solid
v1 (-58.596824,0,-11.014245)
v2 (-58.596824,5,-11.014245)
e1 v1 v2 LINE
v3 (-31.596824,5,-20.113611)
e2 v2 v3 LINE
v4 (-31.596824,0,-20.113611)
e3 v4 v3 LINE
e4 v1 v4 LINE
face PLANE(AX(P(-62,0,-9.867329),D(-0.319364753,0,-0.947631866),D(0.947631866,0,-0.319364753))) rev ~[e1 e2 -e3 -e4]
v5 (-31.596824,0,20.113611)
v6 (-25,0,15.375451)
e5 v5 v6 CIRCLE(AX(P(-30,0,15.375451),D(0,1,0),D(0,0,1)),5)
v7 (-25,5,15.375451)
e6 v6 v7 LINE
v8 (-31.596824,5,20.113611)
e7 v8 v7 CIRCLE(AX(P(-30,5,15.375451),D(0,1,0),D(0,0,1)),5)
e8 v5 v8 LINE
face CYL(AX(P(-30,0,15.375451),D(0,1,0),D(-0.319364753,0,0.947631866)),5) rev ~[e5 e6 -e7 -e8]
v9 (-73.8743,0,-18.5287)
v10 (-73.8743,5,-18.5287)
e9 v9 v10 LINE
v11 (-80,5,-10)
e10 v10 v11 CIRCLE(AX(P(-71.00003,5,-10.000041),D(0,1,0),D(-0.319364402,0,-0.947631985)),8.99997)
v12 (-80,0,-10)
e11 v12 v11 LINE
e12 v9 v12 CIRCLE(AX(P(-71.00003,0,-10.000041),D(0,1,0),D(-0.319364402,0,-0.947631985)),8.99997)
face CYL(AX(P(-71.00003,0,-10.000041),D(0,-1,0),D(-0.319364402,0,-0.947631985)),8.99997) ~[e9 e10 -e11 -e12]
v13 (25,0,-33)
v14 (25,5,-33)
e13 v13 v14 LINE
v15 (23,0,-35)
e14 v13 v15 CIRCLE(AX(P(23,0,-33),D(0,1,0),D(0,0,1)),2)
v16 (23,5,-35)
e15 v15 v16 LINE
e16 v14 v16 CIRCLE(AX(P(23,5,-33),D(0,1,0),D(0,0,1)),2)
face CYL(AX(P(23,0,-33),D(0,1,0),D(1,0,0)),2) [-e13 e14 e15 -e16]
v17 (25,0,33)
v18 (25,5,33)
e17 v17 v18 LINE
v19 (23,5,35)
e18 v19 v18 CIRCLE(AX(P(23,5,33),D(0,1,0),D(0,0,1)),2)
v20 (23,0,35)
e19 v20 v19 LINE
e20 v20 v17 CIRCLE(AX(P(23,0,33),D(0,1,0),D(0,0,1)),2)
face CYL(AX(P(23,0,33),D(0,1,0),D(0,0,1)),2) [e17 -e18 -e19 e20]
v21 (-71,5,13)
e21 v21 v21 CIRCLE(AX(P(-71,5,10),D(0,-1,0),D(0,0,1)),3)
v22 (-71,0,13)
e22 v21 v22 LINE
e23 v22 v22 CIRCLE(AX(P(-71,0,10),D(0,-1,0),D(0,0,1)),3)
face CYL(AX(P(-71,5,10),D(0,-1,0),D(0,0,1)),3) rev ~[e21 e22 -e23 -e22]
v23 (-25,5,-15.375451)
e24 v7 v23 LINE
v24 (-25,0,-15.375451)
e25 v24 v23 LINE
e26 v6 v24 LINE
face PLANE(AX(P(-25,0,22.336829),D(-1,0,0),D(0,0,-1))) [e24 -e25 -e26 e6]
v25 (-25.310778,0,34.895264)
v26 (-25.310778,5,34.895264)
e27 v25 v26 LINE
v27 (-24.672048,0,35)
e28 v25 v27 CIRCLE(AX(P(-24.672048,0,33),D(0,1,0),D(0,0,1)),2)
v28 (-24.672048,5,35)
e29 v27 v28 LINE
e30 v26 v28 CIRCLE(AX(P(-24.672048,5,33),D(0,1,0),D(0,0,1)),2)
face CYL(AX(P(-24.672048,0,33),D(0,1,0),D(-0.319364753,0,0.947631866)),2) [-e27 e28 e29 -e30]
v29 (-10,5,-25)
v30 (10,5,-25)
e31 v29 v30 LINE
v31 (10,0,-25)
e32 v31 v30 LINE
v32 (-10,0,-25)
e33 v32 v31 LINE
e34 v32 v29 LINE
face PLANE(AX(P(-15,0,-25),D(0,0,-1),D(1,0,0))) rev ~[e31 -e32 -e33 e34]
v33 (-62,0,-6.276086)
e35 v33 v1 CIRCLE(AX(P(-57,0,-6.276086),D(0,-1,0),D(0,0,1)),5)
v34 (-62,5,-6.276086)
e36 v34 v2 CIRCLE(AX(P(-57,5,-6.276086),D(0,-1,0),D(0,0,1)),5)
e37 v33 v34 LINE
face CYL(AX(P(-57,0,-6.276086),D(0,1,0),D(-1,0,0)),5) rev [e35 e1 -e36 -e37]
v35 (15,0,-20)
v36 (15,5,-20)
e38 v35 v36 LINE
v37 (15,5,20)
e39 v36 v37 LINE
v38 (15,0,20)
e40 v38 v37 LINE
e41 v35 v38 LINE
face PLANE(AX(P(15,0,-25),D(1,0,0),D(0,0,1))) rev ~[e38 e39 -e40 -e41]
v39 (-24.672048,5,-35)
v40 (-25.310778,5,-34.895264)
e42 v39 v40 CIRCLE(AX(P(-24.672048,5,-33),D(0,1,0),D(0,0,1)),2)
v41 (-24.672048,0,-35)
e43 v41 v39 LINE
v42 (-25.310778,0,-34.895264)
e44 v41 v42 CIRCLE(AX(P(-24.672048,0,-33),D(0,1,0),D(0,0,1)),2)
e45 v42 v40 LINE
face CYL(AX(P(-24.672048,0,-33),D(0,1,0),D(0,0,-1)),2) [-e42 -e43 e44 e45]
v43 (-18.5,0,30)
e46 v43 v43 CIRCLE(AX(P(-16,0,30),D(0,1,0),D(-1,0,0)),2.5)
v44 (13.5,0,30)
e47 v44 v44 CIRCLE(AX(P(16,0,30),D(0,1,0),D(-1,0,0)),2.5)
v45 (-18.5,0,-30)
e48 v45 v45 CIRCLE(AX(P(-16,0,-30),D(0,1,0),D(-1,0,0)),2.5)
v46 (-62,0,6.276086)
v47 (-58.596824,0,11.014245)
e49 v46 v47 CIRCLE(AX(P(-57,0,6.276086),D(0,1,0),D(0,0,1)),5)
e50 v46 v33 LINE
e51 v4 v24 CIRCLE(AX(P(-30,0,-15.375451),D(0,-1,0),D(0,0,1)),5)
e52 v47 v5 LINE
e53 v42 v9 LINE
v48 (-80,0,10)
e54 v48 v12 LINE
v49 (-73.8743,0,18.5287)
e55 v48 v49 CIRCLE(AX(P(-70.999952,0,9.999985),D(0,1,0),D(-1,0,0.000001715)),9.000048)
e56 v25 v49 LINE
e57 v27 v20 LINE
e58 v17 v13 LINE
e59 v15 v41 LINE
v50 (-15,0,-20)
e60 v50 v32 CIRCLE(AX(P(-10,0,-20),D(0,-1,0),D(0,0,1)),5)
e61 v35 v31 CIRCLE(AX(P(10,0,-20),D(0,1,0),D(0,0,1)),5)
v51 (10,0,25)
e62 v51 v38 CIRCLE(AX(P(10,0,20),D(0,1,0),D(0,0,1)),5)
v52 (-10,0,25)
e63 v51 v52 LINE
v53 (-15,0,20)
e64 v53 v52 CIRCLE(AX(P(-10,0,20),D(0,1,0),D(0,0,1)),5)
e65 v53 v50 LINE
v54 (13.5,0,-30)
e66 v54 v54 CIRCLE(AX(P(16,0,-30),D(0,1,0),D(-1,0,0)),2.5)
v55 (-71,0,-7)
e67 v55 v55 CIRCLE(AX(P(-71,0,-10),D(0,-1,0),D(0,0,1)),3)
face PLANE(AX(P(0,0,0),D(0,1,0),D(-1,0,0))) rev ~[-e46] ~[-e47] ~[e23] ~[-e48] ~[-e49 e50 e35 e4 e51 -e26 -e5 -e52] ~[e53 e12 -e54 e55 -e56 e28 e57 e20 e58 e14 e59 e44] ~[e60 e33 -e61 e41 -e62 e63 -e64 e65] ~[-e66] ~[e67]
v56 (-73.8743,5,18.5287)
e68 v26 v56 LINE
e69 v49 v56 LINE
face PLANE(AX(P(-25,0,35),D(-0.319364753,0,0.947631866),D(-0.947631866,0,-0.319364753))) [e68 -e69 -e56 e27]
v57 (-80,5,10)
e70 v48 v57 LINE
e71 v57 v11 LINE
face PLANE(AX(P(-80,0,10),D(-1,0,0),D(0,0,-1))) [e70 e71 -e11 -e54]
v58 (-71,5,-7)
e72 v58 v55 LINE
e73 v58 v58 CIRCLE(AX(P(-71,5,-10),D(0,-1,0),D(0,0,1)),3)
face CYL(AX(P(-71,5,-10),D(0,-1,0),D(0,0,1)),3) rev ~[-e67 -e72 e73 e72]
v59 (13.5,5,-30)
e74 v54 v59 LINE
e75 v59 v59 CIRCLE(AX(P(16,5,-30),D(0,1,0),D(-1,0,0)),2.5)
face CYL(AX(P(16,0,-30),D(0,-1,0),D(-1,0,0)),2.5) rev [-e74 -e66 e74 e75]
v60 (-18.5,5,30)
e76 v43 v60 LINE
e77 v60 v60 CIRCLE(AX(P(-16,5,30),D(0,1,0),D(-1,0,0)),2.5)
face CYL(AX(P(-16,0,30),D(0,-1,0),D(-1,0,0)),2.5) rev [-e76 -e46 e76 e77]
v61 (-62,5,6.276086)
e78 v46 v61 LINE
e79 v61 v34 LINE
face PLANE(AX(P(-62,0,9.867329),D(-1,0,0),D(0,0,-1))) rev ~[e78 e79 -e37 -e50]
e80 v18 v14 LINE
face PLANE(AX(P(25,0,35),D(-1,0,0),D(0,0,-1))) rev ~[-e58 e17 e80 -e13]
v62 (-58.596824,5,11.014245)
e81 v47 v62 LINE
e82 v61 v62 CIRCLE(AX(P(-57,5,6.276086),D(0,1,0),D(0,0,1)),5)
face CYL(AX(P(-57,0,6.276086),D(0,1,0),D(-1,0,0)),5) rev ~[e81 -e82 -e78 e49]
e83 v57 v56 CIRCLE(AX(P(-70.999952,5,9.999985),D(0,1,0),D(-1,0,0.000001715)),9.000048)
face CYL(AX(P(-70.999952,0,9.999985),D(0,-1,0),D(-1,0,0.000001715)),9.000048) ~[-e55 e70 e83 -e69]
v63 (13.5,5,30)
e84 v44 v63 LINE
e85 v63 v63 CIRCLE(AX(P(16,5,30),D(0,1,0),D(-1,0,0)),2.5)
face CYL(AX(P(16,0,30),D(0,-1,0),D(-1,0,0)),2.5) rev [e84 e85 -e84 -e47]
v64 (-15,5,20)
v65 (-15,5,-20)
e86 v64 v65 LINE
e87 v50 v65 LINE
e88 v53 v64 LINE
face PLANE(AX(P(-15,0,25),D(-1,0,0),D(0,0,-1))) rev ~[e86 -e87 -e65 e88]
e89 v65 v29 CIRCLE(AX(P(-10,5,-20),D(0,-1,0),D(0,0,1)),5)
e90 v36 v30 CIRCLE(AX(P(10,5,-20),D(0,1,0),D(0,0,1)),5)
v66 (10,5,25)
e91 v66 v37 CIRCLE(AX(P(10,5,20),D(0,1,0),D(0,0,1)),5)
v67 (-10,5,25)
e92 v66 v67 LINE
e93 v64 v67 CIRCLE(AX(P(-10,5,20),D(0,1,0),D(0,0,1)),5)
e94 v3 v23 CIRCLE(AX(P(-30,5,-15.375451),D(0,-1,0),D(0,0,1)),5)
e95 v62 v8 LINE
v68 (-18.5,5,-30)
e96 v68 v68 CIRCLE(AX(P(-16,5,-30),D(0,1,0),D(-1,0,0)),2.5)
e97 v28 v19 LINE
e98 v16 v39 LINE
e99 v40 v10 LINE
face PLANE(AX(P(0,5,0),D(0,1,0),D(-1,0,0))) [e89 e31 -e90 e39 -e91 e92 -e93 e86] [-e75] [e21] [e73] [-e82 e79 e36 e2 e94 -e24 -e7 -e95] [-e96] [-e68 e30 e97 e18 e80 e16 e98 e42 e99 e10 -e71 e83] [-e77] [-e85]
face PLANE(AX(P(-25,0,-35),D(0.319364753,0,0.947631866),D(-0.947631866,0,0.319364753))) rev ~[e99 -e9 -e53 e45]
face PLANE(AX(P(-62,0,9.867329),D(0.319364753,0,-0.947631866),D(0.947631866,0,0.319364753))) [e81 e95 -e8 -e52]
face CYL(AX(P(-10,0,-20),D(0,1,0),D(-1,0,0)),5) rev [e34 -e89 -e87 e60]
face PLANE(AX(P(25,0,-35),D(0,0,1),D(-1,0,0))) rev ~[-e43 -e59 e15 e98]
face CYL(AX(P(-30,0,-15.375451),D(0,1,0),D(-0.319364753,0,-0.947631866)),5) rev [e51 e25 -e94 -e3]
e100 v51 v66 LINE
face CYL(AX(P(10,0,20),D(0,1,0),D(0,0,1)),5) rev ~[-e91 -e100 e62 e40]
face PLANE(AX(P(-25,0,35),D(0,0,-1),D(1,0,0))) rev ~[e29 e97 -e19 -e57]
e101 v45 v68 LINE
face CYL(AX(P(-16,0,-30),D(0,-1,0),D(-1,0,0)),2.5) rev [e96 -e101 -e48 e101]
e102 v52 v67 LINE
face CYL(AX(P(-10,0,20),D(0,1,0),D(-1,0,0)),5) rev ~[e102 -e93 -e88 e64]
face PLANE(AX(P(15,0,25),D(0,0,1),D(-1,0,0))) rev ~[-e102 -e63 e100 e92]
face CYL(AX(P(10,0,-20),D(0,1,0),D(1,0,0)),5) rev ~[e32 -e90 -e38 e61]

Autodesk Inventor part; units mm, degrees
ref_plane "YZ Plane" through (0, 0, 0) normal (1, 0, 0) x (0, 1, 0)
ref_plane "XZ Plane" through (0, 0, 0) normal (0, 1, 0) x (-1, 0, 0)
ref_plane "XY Plane" through (0, 0, 0) normal (0, 0, 1) x (1, 0, 0)
sketch "Sketch1" plane through (0, 0, 0) normal (0, 1, 0) x (-1, 0, 0)
  circle A0 centre (0, 262.5) radius 3 construction
  circle A1 centre (0, -262.5) radius 3 construction
  line L0 (-25, -300) -> (25, -300) construction
  line L1 (25, -300) -> (25, 300) construction
  line L2 (-25, 300) -> (25, 300) construction
  line L3 (-25, -300) -> (-25, 300) construction
  circle A2 centre (71, 10) radius 3 projected
  circle A3 centre (71, -10) radius 3 projected
  arc A4 (5.8119, -39.1259) -> (-27.7565, -64.4201) centre (-3.9972, -61.0298) ccw construction
  arc A5 (-27.7597, 64.3976) -> (5.8116, 39.1072) centre (-4, 61.01) ccw construction
  line L4 (71, 10) -> (71, -10) construction
  circle A6 centre (71, -10) radius 9 construction
  circle A7 centre (71, 10) radius 9 construction
  line L5 (80, 10) -> (80, -10)
  line L6 (25, 35) -> (73.8743, 18.5287)
  line L7 (25, 35) -> (-25, 35)
  line L8 (-25, 35) -> (-25, -35)
  line L9 (-25, -35) -> (25, -35)
  line L10 (25, -35) -> (25, 35) construction
  line L11 (25, 35) -> (-25, -35) construction
  line L12 (-25, 35) -> (25, -35) construction
  line L13 (25, -35) -> (73.8743, -18.5287)
  arc A8 (80, 10) -> (73.8743, 18.5287) centre (71, 10) ccw
  arc A9 (73.8743, -18.5287) -> (80, -10) centre (71, -10) ccw
  line L14 (25, 35) -> (25, -35)
  line L15 (15, -25) -> (-15, -25)
  line L16 (-15, -25) -> (-15, 25)
  line L17 (-15, 25) -> (15, 25)
  line L18 (15, 25) -> (15, -25)
  line L19 (25, 35) -> (73.8743, 18.5287)
  line L20 (73.8743, 18.5287) -> (70.0419, 7.1571)
  line L21 (70.0419, 7.1571) -> (21.1676, 23.6284)
  line L22 (21.1676, 23.6284) -> (25, 35)
  line L23 (25, -35) -> (73.8743, -18.5287)
  line L24 (73.8743, -18.5287) -> (70.0419, -7.1571)
  line L25 (70.0419, -7.1571) -> (21.1676, -23.6284)
  line L26 (21.1676, -23.6284) -> (25, -35)
  line L27 (62, 10) -> (62, -10)
  line L28 (-25, 35) -> (-16, 35) construction
  line L29 (-16, 35) -> (-16, -35) construction
  line L30 (-16, -35) -> (-25, -35) construction
  line L31 (-25, -35) -> (-25, 35) construction
  line L32 (25, 35) -> (16, 35) construction
  line L33 (16, 35) -> (16, -35) construction
  line L34 (16, -35) -> (25, -35) construction
  line L35 (25, -35) -> (25, 35) construction
  line L36 (-25, 35) -> (25, 35) construction
  line L37 (25, 35) -> (25, 30) construction
  line L38 (25, 30) -> (-25, 30) construction
  line L39 (-25, 30) -> (-25, 35) construction
  line L40 (-25, -35) -> (25, -35) construction
  line L41 (25, -35) -> (25, -30) construction
  line L42 (25, -30) -> (-25, -30) construction
  line L43 (-25, -30) -> (-25, -35) construction
  circle A10 centre (16, 30) radius 2.5
  circle A11 centre (16, -30) radius 2.5
  circle A12 centre (-16, -30) radius 2.5
  circle A13 centre (-16, 30) radius 2.5
  point P0 (0, 0)
  point P1 (62, -9.8673)
  point P2 (25, -22.3369)
  point P3 (25, 22.3369)
  point P4 (62, 9.8673)
  dimension "d0" = 18
  dimension "d1" = 18
  dimension "d2" = 70
  dimension "d3" = 10
  dimension "d4" = 12
  dimension "d5" = 12
  dimension "d6" = 9
  dimension "d7" = 9
  dimension "d8" = 5
  dimension "d9" = 5
  dimension "d10" = 5
  dimension "d11" = 5
  dimension "d12" = 5
  dimension "d13" = 5
extrude "Extrusion1" add sketch "Sketch1" along normal blind 5 contours L20 A2 | L21 L14 L6 L20 A2 | A2 L20 | A2 L20 A8 L5 A9 L24 A3 L25 L27 L21 | L21 L22 L14 | L14 L25 L26 L9 L8 L7 L22 L21 | L25 A3 L24 L13 L14 | L14 L26 L25 | L24 A3 | A3 L24
fillet "Fillet1" radius 5 8 edges at (-15, 2.5, -25) (-15, 2.5, 25) (15, 2.5, 25) (15, 2.5, -25) (-25, 2.5, -22.3369) (-25, 2.5, 22.3369) (-62, 2.5, -9.8673) (-62, 2.5, 9.8673)
fillet "Fillet2" radius 2 4 edges at (25, 2.5, -35) (25, 2.5, 35) (-25, 2.5, -35) (-25, 2.5, 35)
sketch "Sketch3" plane through (0, 5, 0) normal (0, 1, 0) x (1, 0, 0)
  arc A0 (-80, -10) -> (-73.8743, -18.5287) centre (-71, -10) ccw projected
  arc A1 (-73.8743, 18.5287) -> (-80, 10) centre (-71, 10) ccw projected
  point P0 (0, 0)
hole "Hole1" at (-71, 5, 10) at (-71, 5, -10) direction (0, -1, 0) diameter 6 end through all
properties part number "pistonMount"
